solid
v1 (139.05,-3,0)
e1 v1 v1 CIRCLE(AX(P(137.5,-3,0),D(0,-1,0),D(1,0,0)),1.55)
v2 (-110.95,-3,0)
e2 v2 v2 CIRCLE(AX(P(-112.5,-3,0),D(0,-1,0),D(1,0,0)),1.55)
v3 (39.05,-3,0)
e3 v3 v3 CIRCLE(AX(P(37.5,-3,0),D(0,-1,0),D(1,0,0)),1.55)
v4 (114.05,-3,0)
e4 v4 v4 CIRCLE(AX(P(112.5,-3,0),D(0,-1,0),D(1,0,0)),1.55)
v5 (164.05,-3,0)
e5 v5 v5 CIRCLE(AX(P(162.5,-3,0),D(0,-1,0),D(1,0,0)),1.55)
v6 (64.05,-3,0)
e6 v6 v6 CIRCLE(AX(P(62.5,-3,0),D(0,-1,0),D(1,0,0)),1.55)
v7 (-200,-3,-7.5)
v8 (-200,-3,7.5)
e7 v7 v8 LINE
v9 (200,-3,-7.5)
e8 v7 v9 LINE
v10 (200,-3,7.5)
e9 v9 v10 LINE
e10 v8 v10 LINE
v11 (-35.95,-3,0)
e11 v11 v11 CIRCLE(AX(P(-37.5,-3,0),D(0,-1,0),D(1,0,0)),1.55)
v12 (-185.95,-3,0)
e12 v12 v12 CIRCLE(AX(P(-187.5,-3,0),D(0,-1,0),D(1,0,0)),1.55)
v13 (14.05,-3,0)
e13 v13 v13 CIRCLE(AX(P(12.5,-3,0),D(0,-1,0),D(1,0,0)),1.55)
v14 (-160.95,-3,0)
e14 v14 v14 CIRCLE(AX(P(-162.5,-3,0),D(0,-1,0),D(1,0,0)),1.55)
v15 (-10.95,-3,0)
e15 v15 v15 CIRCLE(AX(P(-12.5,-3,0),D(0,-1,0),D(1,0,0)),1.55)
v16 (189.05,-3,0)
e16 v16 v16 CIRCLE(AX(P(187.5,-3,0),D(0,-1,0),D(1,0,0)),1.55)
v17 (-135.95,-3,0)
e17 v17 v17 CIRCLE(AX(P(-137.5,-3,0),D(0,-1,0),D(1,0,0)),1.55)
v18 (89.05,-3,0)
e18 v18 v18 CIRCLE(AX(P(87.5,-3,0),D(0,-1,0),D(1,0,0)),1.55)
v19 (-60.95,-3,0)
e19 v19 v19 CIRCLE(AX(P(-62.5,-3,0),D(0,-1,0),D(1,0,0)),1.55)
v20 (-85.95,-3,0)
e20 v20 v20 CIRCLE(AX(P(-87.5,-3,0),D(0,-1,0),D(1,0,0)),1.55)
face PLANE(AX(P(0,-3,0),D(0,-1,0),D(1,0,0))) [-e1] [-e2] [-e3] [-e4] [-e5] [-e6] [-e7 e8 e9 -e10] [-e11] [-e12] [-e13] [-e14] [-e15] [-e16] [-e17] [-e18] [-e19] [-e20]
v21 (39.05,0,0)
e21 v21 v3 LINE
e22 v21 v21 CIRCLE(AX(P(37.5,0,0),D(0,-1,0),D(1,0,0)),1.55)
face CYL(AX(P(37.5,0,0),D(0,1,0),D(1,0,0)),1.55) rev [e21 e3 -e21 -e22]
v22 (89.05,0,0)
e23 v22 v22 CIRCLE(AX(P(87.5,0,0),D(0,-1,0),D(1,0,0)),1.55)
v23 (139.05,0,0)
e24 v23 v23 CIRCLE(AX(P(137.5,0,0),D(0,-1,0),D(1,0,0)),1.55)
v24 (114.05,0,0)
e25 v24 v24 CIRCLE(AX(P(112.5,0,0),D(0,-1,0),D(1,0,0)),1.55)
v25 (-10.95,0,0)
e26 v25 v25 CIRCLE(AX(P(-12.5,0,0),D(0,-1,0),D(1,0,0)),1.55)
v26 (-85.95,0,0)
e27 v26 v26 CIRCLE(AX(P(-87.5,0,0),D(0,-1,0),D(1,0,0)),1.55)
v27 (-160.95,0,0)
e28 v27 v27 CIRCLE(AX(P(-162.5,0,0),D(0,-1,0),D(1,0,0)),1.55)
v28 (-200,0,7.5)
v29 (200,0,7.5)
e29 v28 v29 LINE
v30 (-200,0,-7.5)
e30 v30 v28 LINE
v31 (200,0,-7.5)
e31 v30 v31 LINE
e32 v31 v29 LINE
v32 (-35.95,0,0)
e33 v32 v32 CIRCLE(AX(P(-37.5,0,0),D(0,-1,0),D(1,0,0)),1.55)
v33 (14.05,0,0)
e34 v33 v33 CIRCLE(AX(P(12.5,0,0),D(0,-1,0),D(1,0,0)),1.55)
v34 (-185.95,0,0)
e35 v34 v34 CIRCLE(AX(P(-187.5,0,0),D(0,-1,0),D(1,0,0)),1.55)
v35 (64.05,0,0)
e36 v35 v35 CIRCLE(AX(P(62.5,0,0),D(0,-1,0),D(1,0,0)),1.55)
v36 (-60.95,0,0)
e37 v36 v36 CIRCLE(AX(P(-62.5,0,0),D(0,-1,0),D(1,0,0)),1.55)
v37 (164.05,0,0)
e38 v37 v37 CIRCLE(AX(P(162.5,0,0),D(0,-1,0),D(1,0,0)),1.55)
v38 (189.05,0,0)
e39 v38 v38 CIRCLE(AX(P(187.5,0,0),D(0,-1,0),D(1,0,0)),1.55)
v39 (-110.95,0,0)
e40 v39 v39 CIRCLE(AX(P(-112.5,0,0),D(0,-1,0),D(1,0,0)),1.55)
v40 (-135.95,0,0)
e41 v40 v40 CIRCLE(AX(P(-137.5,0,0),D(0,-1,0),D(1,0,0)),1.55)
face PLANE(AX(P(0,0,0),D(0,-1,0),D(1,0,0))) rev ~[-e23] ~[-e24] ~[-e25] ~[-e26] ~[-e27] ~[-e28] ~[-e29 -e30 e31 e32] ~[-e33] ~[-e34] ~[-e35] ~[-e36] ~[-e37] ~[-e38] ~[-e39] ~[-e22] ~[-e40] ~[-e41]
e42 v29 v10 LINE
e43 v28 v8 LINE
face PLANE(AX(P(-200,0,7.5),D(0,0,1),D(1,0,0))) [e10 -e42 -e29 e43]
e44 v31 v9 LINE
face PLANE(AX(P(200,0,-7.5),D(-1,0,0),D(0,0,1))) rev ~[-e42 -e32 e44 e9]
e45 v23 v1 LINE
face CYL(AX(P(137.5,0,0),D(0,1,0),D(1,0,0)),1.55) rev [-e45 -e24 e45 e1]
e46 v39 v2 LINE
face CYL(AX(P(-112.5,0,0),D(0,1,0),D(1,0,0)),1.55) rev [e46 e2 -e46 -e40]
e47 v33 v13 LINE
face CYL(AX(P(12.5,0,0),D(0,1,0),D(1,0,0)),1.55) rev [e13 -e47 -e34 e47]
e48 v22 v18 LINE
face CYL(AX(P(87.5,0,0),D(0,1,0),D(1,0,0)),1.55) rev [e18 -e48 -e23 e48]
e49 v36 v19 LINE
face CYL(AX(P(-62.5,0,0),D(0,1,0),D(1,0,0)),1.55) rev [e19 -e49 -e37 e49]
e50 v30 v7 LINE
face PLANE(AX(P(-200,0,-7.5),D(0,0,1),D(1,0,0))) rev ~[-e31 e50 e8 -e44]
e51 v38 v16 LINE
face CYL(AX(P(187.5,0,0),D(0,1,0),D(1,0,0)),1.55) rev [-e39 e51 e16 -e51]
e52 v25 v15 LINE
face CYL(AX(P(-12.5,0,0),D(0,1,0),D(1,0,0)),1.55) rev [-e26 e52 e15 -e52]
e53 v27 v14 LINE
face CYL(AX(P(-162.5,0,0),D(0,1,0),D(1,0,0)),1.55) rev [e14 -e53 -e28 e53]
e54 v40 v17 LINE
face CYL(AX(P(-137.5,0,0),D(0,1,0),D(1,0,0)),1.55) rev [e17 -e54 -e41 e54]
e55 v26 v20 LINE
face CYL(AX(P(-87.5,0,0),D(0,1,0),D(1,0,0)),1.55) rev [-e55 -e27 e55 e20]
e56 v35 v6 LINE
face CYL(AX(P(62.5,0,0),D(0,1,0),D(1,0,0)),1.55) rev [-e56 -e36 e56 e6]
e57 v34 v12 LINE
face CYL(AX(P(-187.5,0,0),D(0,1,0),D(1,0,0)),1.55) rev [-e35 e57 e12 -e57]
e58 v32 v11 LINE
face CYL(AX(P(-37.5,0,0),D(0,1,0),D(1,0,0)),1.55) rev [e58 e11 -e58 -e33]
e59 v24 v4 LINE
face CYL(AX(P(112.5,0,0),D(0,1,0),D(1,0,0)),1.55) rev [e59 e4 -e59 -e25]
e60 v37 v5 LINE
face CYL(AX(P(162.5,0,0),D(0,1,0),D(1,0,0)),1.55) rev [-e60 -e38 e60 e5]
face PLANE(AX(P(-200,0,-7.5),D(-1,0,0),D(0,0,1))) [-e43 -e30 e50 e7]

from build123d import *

# Parameters (mm, degrees)
F0_W     = 400
F0_H     = 15
F0_R     = 1.55
F1_DEPTH = 3


with BuildPart() as f1:
    # F0 (on Front) → F1 (new body)
    with BuildSketch(Plane.XZ):
        Rectangle(F0_W, F0_H)
        with Locations((-187.5, 0)):
            Circle(F0_R, mode=Mode.SUBTRACT)
        with Locations((-162.5, 0)):
            Circle(F0_R, mode=Mode.SUBTRACT)
        with Locations((-137.5, 0)):
            Circle(F0_R, mode=Mode.SUBTRACT)
        with Locations((-112.5, 0)):
            Circle(F0_R, mode=Mode.SUBTRACT)
        with Locations((-87.5, 0)):
            Circle(F0_R, mode=Mode.SUBTRACT)
        with Locations((-62.5, 0)):
            Circle(F0_R, mode=Mode.SUBTRACT)
        with Locations((-37.5, 0)):
            Circle(F0_R, mode=Mode.SUBTRACT)
        with Locations((-12.5, 0)):
            Circle(F0_R, mode=Mode.SUBTRACT)
        with Locations((12.5, 0)):
            Circle(F0_R, mode=Mode.SUBTRACT)
        with Locations((37.5, 0)):
            Circle(F0_R, mode=Mode.SUBTRACT)
        with Locations((62.5, 0)):
            Circle(F0_R, mode=Mode.SUBTRACT)
        with Locations((87.5, 0)):
            Circle(F0_R, mode=Mode.SUBTRACT)
        with Locations((112.5, 0)):
            Circle(F0_R, mode=Mode.SUBTRACT)
        with Locations((137.5, 0)):
            Circle(F0_R, mode=Mode.SUBTRACT)
        with Locations((162.5, 0)):
            Circle(F0_R, mode=Mode.SUBTRACT)
        with Locations((187.5, 0)):
            Circle(F0_R, mode=Mode.SUBTRACT)
    extrude(amount=F1_DEPTH)


solid = f1.part
